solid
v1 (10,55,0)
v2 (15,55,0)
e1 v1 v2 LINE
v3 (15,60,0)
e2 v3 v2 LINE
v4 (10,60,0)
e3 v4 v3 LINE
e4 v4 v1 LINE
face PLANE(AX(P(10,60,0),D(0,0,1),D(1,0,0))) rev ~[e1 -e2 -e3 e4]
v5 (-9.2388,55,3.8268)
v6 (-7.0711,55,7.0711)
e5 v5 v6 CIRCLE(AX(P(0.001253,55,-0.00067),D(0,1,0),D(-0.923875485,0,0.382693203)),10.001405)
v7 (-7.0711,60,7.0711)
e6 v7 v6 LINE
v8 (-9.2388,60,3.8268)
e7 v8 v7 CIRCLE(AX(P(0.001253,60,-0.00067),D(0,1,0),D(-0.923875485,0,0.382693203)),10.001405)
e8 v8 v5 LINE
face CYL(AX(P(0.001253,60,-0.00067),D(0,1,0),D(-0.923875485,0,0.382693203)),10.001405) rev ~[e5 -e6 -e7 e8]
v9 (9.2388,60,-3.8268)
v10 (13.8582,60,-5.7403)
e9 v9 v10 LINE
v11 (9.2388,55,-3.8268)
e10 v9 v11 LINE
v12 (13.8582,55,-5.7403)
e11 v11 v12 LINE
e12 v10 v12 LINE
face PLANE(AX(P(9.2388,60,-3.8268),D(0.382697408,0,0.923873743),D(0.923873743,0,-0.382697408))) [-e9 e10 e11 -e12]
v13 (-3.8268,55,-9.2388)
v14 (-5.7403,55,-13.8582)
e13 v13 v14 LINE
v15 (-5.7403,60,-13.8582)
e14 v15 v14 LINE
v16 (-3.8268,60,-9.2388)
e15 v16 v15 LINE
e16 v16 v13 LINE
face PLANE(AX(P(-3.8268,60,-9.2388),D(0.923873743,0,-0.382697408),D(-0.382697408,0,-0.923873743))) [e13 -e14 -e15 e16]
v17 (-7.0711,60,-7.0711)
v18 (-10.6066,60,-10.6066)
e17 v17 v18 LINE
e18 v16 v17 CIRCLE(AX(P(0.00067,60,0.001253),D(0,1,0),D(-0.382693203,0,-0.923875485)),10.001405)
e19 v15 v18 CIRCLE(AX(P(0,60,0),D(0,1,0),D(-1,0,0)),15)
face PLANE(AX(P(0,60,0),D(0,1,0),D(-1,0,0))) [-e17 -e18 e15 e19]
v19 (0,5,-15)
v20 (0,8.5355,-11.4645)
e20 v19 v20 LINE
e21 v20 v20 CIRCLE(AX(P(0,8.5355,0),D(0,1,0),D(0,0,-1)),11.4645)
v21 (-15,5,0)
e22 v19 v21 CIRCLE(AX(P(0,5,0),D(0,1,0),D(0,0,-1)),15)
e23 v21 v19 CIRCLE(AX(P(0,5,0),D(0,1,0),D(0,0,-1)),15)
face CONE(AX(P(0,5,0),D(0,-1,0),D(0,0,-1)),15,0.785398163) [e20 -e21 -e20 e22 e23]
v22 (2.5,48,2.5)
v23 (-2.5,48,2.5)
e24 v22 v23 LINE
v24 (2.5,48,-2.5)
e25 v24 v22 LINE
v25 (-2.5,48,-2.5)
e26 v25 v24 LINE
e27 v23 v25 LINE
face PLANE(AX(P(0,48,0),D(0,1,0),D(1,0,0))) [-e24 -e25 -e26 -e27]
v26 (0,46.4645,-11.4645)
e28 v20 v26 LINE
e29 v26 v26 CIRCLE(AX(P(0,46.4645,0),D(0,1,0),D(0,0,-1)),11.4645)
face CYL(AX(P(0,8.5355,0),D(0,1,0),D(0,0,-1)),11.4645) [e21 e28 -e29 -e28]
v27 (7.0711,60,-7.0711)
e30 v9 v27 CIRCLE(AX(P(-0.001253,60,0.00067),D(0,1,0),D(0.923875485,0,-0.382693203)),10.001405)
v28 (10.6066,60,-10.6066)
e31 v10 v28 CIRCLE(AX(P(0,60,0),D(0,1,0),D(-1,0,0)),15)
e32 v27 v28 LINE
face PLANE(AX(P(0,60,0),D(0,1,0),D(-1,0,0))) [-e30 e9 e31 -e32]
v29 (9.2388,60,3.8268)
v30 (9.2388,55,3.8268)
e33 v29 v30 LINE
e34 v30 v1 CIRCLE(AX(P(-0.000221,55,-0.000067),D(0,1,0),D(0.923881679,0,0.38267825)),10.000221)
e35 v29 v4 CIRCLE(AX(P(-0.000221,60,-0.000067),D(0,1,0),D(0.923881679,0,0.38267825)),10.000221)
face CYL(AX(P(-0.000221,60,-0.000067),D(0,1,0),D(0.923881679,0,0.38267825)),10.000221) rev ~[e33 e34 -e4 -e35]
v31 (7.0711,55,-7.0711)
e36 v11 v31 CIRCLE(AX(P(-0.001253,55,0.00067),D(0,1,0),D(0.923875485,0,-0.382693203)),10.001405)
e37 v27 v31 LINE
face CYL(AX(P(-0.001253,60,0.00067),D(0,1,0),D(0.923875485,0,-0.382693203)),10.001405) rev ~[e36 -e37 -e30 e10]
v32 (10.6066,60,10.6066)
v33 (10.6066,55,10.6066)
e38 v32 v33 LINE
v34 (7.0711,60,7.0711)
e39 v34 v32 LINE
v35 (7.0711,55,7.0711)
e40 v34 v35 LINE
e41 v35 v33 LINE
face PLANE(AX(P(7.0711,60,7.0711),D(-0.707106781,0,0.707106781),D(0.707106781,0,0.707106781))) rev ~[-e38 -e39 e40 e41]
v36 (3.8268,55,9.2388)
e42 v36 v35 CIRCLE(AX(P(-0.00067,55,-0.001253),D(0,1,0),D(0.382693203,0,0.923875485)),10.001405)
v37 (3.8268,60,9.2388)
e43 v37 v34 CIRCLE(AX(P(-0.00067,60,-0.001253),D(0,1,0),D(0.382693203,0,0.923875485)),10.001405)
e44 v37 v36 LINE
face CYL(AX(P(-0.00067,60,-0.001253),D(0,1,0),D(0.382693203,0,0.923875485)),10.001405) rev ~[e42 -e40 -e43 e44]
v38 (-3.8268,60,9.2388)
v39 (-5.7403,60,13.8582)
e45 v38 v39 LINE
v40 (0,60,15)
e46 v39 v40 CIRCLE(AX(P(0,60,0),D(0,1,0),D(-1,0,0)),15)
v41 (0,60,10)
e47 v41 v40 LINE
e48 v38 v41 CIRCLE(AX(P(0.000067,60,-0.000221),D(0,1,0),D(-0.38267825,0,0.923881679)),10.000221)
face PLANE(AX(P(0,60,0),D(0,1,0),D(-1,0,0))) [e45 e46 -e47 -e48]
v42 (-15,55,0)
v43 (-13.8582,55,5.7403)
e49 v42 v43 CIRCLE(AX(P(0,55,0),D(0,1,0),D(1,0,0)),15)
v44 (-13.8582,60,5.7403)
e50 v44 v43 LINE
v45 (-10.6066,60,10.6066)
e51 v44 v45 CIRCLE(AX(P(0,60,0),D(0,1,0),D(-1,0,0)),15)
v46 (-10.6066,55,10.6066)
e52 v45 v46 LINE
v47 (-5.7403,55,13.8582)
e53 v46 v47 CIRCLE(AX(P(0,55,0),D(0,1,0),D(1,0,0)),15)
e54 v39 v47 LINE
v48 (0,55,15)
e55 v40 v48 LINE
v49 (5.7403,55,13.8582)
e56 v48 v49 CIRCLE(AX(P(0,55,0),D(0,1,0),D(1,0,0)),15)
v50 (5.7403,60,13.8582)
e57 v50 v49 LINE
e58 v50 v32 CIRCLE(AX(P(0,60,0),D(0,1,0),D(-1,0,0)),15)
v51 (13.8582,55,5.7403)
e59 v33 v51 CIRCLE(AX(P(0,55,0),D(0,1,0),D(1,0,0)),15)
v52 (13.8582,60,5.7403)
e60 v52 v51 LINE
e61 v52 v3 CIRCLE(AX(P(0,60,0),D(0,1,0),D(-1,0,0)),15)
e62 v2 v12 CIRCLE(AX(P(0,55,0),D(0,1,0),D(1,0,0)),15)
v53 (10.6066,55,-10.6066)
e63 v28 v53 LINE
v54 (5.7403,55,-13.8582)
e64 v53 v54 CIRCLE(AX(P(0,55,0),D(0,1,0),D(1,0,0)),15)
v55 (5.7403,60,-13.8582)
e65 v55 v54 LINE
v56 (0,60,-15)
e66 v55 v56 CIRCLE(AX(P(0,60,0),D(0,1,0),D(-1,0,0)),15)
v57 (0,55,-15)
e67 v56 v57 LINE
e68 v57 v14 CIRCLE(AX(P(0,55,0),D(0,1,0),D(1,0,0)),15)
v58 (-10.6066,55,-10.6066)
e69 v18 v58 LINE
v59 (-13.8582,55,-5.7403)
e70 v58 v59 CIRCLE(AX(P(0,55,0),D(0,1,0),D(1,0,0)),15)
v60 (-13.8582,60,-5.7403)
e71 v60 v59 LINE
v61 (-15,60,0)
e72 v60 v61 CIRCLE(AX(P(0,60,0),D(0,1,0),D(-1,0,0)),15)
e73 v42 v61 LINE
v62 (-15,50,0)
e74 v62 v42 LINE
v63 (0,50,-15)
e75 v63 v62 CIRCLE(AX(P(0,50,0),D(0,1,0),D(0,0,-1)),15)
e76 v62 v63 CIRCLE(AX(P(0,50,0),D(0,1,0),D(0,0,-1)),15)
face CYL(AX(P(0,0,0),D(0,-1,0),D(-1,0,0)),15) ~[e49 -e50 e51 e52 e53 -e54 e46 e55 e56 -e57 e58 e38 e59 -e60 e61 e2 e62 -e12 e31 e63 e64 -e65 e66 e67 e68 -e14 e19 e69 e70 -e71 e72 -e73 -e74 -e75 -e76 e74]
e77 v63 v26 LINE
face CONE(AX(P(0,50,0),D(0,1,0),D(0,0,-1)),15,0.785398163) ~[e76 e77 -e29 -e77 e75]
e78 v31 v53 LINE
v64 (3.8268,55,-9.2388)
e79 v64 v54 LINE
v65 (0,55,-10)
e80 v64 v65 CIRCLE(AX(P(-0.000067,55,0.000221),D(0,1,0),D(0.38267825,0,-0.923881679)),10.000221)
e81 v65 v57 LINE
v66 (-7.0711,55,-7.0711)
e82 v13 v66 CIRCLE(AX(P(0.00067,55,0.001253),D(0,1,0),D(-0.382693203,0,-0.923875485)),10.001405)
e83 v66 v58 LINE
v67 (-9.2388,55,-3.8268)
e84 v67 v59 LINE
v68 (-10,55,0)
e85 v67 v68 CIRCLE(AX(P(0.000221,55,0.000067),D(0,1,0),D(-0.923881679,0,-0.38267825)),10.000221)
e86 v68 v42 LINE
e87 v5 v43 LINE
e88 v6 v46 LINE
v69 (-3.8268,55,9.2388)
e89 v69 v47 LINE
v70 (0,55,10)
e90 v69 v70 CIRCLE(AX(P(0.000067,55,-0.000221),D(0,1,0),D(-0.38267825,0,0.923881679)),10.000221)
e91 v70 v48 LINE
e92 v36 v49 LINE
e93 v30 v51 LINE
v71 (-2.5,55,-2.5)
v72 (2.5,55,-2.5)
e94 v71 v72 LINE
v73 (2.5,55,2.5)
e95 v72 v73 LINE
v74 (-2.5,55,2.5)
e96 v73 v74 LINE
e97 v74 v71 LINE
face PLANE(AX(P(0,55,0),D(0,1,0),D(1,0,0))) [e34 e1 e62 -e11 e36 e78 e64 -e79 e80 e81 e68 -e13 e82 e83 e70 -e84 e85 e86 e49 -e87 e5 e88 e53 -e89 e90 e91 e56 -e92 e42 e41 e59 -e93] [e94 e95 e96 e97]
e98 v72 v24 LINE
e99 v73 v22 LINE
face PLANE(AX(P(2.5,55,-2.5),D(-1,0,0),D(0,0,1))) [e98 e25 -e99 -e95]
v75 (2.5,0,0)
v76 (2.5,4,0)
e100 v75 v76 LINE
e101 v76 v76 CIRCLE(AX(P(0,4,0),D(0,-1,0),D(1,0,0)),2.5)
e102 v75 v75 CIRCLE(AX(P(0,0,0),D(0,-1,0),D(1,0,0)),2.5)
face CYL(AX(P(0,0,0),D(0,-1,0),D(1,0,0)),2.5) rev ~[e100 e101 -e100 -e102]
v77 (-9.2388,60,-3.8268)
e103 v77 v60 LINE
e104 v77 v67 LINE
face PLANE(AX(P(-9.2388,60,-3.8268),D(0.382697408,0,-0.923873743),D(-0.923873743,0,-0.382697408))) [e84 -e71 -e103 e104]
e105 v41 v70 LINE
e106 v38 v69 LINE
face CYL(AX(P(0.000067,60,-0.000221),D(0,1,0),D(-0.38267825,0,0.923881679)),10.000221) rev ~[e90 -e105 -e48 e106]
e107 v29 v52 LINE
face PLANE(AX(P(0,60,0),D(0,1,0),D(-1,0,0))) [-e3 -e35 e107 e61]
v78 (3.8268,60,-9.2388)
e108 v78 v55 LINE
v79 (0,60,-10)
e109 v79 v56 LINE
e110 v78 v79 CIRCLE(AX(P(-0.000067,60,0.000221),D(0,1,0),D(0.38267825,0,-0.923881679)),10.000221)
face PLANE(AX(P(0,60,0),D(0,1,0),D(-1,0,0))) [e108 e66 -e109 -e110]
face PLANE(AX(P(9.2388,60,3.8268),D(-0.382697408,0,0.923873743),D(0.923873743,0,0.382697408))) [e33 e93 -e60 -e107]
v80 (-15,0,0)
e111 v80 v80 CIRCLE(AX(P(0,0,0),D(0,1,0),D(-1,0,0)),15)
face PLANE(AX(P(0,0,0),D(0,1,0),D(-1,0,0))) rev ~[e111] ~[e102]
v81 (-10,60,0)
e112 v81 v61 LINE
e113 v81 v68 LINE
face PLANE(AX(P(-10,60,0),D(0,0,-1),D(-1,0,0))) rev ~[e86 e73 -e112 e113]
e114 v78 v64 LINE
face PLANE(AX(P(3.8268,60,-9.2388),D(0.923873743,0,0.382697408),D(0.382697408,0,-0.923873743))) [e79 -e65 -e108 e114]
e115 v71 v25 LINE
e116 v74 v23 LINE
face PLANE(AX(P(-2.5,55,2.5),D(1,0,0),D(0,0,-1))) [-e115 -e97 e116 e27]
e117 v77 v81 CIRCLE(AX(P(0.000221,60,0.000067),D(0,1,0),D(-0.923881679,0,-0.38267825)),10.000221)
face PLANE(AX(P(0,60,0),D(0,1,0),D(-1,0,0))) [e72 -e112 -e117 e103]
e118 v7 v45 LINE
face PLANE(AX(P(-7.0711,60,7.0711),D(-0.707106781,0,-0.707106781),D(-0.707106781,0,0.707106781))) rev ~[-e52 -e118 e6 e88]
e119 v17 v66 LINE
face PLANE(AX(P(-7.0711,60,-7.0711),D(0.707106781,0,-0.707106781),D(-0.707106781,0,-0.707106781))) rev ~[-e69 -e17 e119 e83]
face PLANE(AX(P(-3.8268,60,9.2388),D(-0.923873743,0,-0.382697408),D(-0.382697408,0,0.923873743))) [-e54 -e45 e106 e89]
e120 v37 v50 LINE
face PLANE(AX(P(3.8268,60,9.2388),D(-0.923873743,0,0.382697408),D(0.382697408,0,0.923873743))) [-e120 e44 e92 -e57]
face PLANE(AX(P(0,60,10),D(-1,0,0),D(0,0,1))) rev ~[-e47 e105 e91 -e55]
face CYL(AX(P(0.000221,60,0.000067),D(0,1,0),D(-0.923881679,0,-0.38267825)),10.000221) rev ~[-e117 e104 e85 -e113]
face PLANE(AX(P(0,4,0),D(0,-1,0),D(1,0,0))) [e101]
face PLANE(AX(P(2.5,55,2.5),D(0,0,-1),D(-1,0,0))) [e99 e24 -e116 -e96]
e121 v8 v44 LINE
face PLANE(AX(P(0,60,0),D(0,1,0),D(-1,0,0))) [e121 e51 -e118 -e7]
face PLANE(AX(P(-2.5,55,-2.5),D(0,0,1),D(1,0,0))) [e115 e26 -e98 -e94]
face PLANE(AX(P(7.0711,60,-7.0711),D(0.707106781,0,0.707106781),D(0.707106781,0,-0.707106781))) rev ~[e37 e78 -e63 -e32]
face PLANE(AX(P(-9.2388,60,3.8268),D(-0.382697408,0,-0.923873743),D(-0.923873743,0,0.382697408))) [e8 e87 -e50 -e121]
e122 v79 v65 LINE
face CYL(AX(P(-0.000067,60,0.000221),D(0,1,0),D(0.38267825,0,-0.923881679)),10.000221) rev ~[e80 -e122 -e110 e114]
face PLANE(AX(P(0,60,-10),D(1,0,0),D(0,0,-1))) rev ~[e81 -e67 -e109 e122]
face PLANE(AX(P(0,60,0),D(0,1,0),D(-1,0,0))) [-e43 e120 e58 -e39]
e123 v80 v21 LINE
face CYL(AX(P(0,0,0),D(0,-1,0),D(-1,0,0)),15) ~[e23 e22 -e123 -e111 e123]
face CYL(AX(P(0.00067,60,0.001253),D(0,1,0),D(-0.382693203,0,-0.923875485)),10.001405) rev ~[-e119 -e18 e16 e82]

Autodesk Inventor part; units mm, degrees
ref_plane "YZ Plane" through (0, 0, 0) normal (1, 0, 0) x (0, 1, 0)
ref_plane "XZ Plane" through (0, 0, 0) normal (0, 1, 0) x (-1, 0, 0)
ref_plane "XY Plane" through (0, 0, 0) normal (0, 0, 1) x (1, 0, 0)
sketch "Sketch1" plane through (0, 0, 0) normal (0, 1, 0) x (-1, 0, 0)
  circle A0 centre (0, 0) radius 15
  dimension "d0" = 30
extrude "Extrusion1" add sketch "Sketch1" along normal blind 60
sketch "Sketch2" plane through (0, 60, 0) normal (0, 1, 0) x (1, 0, 0)
  arc A0 (-3.8268, -9.2388) -> (0, -10) centre (0, 0) ccw
  line L0 (0, -10) -> (0, -15)
  circle A1 centre (0, 0) radius 15 projected
  line L1 (-3.8268, -9.2388) -> (-5.7403, -13.8582)
  arc A2 (-5.7403, -13.8582) -> (0, -15) centre (0, 0) ccw
  arc A3 (3.8268, -9.2388) -> (7.0711, -7.0711) centre (0, 0) ccw
  line L2 (7.0711, -7.0711) -> (10.6066, -10.6066)
  line L3 (3.8268, -9.2388) -> (5.7403, -13.8582)
  arc A4 (5.7403, -13.8582) -> (10.6066, -10.6066) centre (0, 0) ccw
  arc A5 (9.2388, -3.8268) -> (10, 0) centre (0, 0) ccw
  line L4 (10, 0) -> (15, 0)
  line L5 (9.2388, -3.8268) -> (13.8582, -5.7403)
  arc A6 (13.8582, -5.7403) -> (15, 0) centre (0, 0) ccw
  arc A7 (9.2388, 3.8268) -> (7.0711, 7.0711) centre (0, 0) ccw
  line L6 (7.0711, 7.0711) -> (10.6066, 10.6066)
  line L7 (9.2388, 3.8268) -> (13.8582, 5.7403)
  arc A8 (13.8582, 5.7403) -> (10.6066, 10.6066) centre (0, 0) ccw
  arc A9 (3.8268, 9.2388) -> (0, 10) centre (0, 0) ccw
  line L8 (0, 10) -> (0, 15)
  line L9 (3.8268, 9.2388) -> (5.7403, 13.8582)
  arc A10 (5.7403, 13.8582) -> (0, 15) centre (0, 0) ccw
  arc A11 (-3.8268, 9.2388) -> (-7.0711, 7.0711) centre (0, 0) ccw
  line L10 (-7.0711, 7.0711) -> (-10.6066, 10.6066)
  line L11 (-3.8268, 9.2388) -> (-5.7403, 13.8582)
  arc A12 (-5.7403, 13.8582) -> (-10.6066, 10.6066) centre (0, 0) ccw
  arc A13 (-9.2388, 3.8268) -> (-10, 0) centre (0, 0) ccw
  line L12 (-10, 0) -> (-15, 0)
  line L13 (-9.2388, 3.8268) -> (-13.8582, 5.7403)
  arc A14 (-13.8582, 5.7403) -> (-15, 0) centre (0, 0) ccw
  arc A15 (-9.2388, -3.8268) -> (-7.0711, -7.0711) centre (0, 0) ccw
  line L14 (-7.0711, -7.0711) -> (-10.6066, -10.6066)
  line L15 (-9.2388, -3.8268) -> (-13.8582, -5.7403)
  arc A16 (-13.8582, -5.7403) -> (-10.6066, -10.6066) centre (0, 0) ccw
  point P0 (15, 0)
  dimension "d3" = 20
  dimension "d7" = 360
extrude "Extrusion2" cut sketch "Sketch2" against normal blind 5 contours L1 A1 L14 A15 L15 L12 A13 L13 L10 A11 L11 L8 A9 L9 L6 A7 L7 L4 A5 L5 L2 A3 L3 L0 A0
sketch "Sketch3" plane through (0, 0, 0) normal (1, 0, 0) x (0, 1, 0)
  line L0 (0, 15) -> (60, 15) projected
  line L1 (55, -13.8582) -> (55, -15) projected
  line L2 (0, -15) -> (60, -15) projected
  line L3 (50, -15) -> (46.4645, -11.4645)
  line L4 (0, -15) -> (0, 15) projected
  line L5 (0, -15) -> (5, -15)
  line L6 (5, -15) -> (8.5355, -11.4645)
  line L7 (8.5355, -11.4645) -> (46.4645, -11.4645)
  line L8 (46.4645, -11.4645) -> (8.5355, -11.4645)
  line L9 (50, -15) -> (50, -20)
  line L10 (50, -20) -> (5, -20)
  line L11 (5, -20) -> (5, -15)
  line L12 (0, 0) -> (62.9673, 0)
  dimension "d13" = 5
  dimension "d16" = 5
  dimension "d17" = 5
revolve "Revolution1" cut sketch "Sketch3" angle 360 about axis through (0, 0, 0) along (0, 1, 0)
sketch "Sketch4" plane through (0, 0, 0) normal (0, -1, 0) x (1, 0, 0)
  circle A0 centre (0, 0) radius 11.4645 projected
  circle A1 centre (0, 0) radius 2.5
  dimension "d19" = 5
extrude "Extrusion3" cut sketch "Sketch4" against normal blind 4 contours A1
sketch "Sketch5" plane through (0, 55, 0) normal (0, 1, 0) x (1, 0, 0)
  line L0 (-2.5, 2.5) -> (2.5, 2.5)
  line L1 (2.5, 2.5) -> (2.5, -2.5)
  line L2 (2.5, -2.5) -> (-2.5, -2.5)
  line L3 (-2.5, -2.5) -> (-2.5, 2.5)
  point P0 (0, 0)
  dimension "d22" = 2.5
  dimension "d23" = 2.5
  dimension "d24" = 2.5
  dimension "d25" = 2.5
extrude "Extrusion4" cut sketch "Sketch5" against normal blind 7
properties part number "TowerUntagged"
